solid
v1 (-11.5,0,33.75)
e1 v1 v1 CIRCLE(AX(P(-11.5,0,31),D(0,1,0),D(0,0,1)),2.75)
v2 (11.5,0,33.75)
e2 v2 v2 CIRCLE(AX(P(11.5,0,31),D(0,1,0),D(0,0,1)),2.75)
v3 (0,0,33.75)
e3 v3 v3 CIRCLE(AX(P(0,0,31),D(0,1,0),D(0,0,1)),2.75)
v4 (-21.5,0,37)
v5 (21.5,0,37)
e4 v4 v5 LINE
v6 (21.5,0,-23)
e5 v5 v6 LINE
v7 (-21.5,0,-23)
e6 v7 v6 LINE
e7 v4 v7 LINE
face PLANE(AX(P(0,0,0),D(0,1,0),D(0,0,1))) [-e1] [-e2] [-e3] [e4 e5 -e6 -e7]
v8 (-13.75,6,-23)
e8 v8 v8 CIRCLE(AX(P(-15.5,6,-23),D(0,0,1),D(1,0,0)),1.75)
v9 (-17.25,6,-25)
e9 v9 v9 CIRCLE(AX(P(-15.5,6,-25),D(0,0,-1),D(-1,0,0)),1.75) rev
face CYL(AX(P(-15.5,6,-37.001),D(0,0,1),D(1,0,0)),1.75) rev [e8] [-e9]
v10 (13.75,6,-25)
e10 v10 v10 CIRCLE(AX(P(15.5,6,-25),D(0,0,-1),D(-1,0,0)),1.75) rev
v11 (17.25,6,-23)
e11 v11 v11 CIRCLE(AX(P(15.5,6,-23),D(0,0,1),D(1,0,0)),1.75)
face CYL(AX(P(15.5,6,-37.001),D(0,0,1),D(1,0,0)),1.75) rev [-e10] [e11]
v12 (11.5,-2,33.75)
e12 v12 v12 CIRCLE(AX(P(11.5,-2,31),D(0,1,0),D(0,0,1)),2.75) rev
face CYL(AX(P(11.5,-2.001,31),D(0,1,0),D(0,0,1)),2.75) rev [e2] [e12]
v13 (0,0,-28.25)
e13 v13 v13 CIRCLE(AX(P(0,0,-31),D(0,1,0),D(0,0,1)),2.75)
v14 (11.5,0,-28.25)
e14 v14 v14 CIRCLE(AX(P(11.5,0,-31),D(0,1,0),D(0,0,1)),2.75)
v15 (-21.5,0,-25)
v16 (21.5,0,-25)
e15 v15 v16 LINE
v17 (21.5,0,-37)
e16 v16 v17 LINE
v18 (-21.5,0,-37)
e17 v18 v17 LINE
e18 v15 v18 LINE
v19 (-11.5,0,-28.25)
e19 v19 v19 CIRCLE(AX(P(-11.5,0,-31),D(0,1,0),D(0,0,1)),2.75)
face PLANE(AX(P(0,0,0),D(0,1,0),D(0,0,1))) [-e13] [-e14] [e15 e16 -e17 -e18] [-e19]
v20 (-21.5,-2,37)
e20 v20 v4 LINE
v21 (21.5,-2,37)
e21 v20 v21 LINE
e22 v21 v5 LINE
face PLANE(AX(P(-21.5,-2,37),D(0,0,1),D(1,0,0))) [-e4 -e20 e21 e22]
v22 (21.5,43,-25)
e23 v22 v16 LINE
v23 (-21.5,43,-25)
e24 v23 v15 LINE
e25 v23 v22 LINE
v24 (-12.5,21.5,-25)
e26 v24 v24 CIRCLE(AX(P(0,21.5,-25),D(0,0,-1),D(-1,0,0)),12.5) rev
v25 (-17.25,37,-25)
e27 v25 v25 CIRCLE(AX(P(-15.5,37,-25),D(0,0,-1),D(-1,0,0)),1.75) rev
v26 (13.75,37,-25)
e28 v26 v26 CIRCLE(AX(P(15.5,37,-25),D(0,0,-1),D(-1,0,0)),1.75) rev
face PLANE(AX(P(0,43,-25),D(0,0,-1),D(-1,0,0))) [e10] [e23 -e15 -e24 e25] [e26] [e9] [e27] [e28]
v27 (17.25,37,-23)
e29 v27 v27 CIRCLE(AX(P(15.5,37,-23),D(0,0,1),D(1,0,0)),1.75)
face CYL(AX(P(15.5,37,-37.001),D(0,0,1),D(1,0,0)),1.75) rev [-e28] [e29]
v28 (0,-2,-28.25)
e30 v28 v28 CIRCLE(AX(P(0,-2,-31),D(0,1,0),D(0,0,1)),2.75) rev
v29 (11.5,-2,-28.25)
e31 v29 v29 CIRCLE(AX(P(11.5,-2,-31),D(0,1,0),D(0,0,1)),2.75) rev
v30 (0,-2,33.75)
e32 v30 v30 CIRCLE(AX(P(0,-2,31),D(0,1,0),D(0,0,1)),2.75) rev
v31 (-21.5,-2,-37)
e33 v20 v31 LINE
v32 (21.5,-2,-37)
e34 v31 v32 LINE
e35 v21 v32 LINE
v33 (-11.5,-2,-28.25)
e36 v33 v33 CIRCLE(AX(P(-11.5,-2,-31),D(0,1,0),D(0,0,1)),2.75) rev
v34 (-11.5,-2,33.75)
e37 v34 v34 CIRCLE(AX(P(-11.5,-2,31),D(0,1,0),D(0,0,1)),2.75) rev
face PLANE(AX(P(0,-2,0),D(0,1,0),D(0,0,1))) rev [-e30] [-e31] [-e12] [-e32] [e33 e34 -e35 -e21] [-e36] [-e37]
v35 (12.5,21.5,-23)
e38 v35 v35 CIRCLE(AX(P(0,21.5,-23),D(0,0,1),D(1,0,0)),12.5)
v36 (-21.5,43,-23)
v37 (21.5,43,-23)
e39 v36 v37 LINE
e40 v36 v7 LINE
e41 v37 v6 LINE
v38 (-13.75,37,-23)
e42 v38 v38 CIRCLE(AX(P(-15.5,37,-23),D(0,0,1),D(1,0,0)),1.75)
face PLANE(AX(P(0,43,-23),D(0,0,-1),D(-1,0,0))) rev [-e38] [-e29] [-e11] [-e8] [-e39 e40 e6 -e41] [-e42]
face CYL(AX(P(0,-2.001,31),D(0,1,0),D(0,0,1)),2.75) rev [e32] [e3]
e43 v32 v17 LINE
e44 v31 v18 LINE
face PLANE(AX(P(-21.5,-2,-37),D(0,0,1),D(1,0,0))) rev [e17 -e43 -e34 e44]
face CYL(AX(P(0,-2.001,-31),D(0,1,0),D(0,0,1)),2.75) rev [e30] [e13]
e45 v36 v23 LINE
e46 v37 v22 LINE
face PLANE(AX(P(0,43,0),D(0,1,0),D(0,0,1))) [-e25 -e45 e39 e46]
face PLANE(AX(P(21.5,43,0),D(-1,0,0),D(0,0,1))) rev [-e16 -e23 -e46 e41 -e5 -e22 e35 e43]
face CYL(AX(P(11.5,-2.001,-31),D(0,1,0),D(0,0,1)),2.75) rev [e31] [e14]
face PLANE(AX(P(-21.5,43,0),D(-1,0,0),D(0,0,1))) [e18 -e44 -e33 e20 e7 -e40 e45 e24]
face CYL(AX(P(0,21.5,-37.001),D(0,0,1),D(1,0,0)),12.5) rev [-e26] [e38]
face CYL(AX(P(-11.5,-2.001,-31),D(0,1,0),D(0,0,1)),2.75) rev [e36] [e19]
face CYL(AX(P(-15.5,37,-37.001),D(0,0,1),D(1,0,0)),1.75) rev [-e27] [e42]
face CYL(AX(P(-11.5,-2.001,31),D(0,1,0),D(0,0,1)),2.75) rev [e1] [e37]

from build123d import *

# Parameters (mm, degrees)
SKETCH1_W           = 43
SKETCH1_H           = 2
BOSS_EXTRUDE1_DEPTH = 43
SKETCH1_3_W         = 43
SKETCH1_3_H         = 74
BOSS_EXTRUDE2_DEPTH = 2
CUT_EXTRUDE1_REACH  = 78.885
SKETCH2_R           = 12.5
SKETCH2_R_2         = 1.75
CUT_EXTRUDE2_REACH  = 62.665
SKETCH1_4_R         = 2.75
LPATTERN1_COUNT     = 2
LPATTERN1_PITCH     = 11.5
LPATTERN1_COL_COUNT = 2
LPATTERN1_COL_PITCH = 11.5


with BuildPart() as part:
    # Sketch1 → Boss-Extrude1 (new body)
    with BuildSketch(Plane(origin=(0, 0, 0), x_dir=(1, 0, 0), z_dir=(0, 1, 0))):
        with Locations((0, 24)):
            Rectangle(SKETCH1_W, SKETCH1_H)
    extrude(amount=BOSS_EXTRUDE1_DEPTH)

    # Sketch1<3> → Boss-Extrude2 (add)
    with BuildSketch(Plane(origin=(0, 0, 0), x_dir=(1, 0, 0), z_dir=(0, 1, 0))):
        Rectangle(SKETCH1_3_W, SKETCH1_3_H)
    extrude(amount=-BOSS_EXTRUDE2_DEPTH)

    # Sketch2 → Cut-Extrude1 (cut, up to next)
    with BuildSketch(Plane.XY.offset(-23), mode=Mode.PRIVATE) as cut_extrude1_sk1:
        with Locations((0, 21.5)):
            Circle(SKETCH2_R)
    cut_extrude1_tool1 = extrude(cut_extrude1_sk1.sketch, amount=-CUT_EXTRUDE1_REACH, mode=Mode.PRIVATE) & part.part
    # Sketch2 → Cut-Extrude1 (cut, up to next)
    with BuildSketch(Plane.XY.offset(-23), mode=Mode.PRIVATE) as cut_extrude1_sk2:
        with Locations((-15.5, 37)):
            Circle(SKETCH2_R_2)
    cut_extrude1_tool2 = extrude(cut_extrude1_sk2.sketch, amount=-CUT_EXTRUDE1_REACH, mode=Mode.PRIVATE) & part.part
    # Sketch2 → Cut-Extrude1 (cut, up to next)
    with BuildSketch(Plane.XY.offset(-23), mode=Mode.PRIVATE) as cut_extrude1_sk3:
        with Locations((15.5, 37)):
            Circle(SKETCH2_R_2)
    cut_extrude1_tool3 = extrude(cut_extrude1_sk3.sketch, amount=-CUT_EXTRUDE1_REACH, mode=Mode.PRIVATE) & part.part
    # Sketch2 → Cut-Extrude1 (cut, up to next)
    with BuildSketch(Plane.XY.offset(-23), mode=Mode.PRIVATE) as cut_extrude1_sk4:
        with Locations((15.5, 6)):
            Circle(SKETCH2_R_2)
    cut_extrude1_tool4 = extrude(cut_extrude1_sk4.sketch, amount=-CUT_EXTRUDE1_REACH, mode=Mode.PRIVATE) & part.part
    # Sketch2 → Cut-Extrude1 (cut, up to next)
    with BuildSketch(Plane.XY.offset(-23), mode=Mode.PRIVATE) as cut_extrude1_sk5:
        with Locations((-15.5, 6)):
            Circle(SKETCH2_R_2)
    cut_extrude1_tool5 = extrude(cut_extrude1_sk5.sketch, amount=-CUT_EXTRUDE1_REACH, mode=Mode.PRIVATE) & part.part
    add(cut_extrude1_tool1.solids().sort_by_distance((0, 21.5, -23))[0], mode=Mode.SUBTRACT)
    add(cut_extrude1_tool2.solids().sort_by_distance((-15.5, 37, -23))[0], mode=Mode.SUBTRACT)
    add(cut_extrude1_tool3.solids().sort_by_distance((15.5, 37, -23))[0], mode=Mode.SUBTRACT)
    add(cut_extrude1_tool4.solids().sort_by_distance((15.5, 6, -23))[0], mode=Mode.SUBTRACT)
    add(cut_extrude1_tool5.solids().sort_by_distance((-15.5, 6, -23))[0], mode=Mode.SUBTRACT)

    # Sketch1<4> → Cut-Extrude2 (cut, up to next)
    with BuildSketch(Plane(origin=(0, 0, 0), x_dir=(1, 0, 0), z_dir=(0, 1, 0)), mode=Mode.PRIVATE) as cut_extrude2_sk1:
        with Locations((0, 31)):
            Circle(SKETCH1_4_R)
    cut_extrude2_tool1 = extrude(cut_extrude2_sk1.sketch, amount=-CUT_EXTRUDE2_REACH, mode=Mode.PRIVATE) & part.part
    # Sketch1<4> → Cut-Extrude2 (cut, up to next)
    with BuildSketch(Plane(origin=(0, 0, 0), x_dir=(1, 0, 0), z_dir=(0, 1, 0)), mode=Mode.PRIVATE) as cut_extrude2_sk2:
        with Locations((0, -31)):
            Circle(SKETCH1_4_R)
    cut_extrude2_tool2 = extrude(cut_extrude2_sk2.sketch, amount=-CUT_EXTRUDE2_REACH, mode=Mode.PRIVATE) & part.part
    cut_extrude2_1 = cut_extrude2_tool1.solids().sort_by_distance((0, 0, -31))[0]
    add(cut_extrude2_1, mode=Mode.SUBTRACT)
    cut_extrude2_2 = cut_extrude2_tool2.solids().sort_by_distance((0, 0, 31))[0]
    add(cut_extrude2_2, mode=Mode.SUBTRACT)
    cut_extrude2 = cut_extrude2_1 + cut_extrude2_2  # Cut-Extrude2 as one shape, for the pattern or mirror that repeats it

    # LPattern1: Cut-Extrude2 ×2
    with Locations(*[(i * LPATTERN1_PITCH, 0, 0) for i in range(1, LPATTERN1_COUNT)]):
        add(cut_extrude2, mode=Mode.SUBTRACT)

    # LPattern1 col: Cut-Extrude2 ×2
    with Locations(*[(-i * LPATTERN1_COL_PITCH, 0, 0) for i in range(1, LPATTERN1_COL_COUNT)]):
        add(cut_extrude2, mode=Mode.SUBTRACT)


solid = part.part
